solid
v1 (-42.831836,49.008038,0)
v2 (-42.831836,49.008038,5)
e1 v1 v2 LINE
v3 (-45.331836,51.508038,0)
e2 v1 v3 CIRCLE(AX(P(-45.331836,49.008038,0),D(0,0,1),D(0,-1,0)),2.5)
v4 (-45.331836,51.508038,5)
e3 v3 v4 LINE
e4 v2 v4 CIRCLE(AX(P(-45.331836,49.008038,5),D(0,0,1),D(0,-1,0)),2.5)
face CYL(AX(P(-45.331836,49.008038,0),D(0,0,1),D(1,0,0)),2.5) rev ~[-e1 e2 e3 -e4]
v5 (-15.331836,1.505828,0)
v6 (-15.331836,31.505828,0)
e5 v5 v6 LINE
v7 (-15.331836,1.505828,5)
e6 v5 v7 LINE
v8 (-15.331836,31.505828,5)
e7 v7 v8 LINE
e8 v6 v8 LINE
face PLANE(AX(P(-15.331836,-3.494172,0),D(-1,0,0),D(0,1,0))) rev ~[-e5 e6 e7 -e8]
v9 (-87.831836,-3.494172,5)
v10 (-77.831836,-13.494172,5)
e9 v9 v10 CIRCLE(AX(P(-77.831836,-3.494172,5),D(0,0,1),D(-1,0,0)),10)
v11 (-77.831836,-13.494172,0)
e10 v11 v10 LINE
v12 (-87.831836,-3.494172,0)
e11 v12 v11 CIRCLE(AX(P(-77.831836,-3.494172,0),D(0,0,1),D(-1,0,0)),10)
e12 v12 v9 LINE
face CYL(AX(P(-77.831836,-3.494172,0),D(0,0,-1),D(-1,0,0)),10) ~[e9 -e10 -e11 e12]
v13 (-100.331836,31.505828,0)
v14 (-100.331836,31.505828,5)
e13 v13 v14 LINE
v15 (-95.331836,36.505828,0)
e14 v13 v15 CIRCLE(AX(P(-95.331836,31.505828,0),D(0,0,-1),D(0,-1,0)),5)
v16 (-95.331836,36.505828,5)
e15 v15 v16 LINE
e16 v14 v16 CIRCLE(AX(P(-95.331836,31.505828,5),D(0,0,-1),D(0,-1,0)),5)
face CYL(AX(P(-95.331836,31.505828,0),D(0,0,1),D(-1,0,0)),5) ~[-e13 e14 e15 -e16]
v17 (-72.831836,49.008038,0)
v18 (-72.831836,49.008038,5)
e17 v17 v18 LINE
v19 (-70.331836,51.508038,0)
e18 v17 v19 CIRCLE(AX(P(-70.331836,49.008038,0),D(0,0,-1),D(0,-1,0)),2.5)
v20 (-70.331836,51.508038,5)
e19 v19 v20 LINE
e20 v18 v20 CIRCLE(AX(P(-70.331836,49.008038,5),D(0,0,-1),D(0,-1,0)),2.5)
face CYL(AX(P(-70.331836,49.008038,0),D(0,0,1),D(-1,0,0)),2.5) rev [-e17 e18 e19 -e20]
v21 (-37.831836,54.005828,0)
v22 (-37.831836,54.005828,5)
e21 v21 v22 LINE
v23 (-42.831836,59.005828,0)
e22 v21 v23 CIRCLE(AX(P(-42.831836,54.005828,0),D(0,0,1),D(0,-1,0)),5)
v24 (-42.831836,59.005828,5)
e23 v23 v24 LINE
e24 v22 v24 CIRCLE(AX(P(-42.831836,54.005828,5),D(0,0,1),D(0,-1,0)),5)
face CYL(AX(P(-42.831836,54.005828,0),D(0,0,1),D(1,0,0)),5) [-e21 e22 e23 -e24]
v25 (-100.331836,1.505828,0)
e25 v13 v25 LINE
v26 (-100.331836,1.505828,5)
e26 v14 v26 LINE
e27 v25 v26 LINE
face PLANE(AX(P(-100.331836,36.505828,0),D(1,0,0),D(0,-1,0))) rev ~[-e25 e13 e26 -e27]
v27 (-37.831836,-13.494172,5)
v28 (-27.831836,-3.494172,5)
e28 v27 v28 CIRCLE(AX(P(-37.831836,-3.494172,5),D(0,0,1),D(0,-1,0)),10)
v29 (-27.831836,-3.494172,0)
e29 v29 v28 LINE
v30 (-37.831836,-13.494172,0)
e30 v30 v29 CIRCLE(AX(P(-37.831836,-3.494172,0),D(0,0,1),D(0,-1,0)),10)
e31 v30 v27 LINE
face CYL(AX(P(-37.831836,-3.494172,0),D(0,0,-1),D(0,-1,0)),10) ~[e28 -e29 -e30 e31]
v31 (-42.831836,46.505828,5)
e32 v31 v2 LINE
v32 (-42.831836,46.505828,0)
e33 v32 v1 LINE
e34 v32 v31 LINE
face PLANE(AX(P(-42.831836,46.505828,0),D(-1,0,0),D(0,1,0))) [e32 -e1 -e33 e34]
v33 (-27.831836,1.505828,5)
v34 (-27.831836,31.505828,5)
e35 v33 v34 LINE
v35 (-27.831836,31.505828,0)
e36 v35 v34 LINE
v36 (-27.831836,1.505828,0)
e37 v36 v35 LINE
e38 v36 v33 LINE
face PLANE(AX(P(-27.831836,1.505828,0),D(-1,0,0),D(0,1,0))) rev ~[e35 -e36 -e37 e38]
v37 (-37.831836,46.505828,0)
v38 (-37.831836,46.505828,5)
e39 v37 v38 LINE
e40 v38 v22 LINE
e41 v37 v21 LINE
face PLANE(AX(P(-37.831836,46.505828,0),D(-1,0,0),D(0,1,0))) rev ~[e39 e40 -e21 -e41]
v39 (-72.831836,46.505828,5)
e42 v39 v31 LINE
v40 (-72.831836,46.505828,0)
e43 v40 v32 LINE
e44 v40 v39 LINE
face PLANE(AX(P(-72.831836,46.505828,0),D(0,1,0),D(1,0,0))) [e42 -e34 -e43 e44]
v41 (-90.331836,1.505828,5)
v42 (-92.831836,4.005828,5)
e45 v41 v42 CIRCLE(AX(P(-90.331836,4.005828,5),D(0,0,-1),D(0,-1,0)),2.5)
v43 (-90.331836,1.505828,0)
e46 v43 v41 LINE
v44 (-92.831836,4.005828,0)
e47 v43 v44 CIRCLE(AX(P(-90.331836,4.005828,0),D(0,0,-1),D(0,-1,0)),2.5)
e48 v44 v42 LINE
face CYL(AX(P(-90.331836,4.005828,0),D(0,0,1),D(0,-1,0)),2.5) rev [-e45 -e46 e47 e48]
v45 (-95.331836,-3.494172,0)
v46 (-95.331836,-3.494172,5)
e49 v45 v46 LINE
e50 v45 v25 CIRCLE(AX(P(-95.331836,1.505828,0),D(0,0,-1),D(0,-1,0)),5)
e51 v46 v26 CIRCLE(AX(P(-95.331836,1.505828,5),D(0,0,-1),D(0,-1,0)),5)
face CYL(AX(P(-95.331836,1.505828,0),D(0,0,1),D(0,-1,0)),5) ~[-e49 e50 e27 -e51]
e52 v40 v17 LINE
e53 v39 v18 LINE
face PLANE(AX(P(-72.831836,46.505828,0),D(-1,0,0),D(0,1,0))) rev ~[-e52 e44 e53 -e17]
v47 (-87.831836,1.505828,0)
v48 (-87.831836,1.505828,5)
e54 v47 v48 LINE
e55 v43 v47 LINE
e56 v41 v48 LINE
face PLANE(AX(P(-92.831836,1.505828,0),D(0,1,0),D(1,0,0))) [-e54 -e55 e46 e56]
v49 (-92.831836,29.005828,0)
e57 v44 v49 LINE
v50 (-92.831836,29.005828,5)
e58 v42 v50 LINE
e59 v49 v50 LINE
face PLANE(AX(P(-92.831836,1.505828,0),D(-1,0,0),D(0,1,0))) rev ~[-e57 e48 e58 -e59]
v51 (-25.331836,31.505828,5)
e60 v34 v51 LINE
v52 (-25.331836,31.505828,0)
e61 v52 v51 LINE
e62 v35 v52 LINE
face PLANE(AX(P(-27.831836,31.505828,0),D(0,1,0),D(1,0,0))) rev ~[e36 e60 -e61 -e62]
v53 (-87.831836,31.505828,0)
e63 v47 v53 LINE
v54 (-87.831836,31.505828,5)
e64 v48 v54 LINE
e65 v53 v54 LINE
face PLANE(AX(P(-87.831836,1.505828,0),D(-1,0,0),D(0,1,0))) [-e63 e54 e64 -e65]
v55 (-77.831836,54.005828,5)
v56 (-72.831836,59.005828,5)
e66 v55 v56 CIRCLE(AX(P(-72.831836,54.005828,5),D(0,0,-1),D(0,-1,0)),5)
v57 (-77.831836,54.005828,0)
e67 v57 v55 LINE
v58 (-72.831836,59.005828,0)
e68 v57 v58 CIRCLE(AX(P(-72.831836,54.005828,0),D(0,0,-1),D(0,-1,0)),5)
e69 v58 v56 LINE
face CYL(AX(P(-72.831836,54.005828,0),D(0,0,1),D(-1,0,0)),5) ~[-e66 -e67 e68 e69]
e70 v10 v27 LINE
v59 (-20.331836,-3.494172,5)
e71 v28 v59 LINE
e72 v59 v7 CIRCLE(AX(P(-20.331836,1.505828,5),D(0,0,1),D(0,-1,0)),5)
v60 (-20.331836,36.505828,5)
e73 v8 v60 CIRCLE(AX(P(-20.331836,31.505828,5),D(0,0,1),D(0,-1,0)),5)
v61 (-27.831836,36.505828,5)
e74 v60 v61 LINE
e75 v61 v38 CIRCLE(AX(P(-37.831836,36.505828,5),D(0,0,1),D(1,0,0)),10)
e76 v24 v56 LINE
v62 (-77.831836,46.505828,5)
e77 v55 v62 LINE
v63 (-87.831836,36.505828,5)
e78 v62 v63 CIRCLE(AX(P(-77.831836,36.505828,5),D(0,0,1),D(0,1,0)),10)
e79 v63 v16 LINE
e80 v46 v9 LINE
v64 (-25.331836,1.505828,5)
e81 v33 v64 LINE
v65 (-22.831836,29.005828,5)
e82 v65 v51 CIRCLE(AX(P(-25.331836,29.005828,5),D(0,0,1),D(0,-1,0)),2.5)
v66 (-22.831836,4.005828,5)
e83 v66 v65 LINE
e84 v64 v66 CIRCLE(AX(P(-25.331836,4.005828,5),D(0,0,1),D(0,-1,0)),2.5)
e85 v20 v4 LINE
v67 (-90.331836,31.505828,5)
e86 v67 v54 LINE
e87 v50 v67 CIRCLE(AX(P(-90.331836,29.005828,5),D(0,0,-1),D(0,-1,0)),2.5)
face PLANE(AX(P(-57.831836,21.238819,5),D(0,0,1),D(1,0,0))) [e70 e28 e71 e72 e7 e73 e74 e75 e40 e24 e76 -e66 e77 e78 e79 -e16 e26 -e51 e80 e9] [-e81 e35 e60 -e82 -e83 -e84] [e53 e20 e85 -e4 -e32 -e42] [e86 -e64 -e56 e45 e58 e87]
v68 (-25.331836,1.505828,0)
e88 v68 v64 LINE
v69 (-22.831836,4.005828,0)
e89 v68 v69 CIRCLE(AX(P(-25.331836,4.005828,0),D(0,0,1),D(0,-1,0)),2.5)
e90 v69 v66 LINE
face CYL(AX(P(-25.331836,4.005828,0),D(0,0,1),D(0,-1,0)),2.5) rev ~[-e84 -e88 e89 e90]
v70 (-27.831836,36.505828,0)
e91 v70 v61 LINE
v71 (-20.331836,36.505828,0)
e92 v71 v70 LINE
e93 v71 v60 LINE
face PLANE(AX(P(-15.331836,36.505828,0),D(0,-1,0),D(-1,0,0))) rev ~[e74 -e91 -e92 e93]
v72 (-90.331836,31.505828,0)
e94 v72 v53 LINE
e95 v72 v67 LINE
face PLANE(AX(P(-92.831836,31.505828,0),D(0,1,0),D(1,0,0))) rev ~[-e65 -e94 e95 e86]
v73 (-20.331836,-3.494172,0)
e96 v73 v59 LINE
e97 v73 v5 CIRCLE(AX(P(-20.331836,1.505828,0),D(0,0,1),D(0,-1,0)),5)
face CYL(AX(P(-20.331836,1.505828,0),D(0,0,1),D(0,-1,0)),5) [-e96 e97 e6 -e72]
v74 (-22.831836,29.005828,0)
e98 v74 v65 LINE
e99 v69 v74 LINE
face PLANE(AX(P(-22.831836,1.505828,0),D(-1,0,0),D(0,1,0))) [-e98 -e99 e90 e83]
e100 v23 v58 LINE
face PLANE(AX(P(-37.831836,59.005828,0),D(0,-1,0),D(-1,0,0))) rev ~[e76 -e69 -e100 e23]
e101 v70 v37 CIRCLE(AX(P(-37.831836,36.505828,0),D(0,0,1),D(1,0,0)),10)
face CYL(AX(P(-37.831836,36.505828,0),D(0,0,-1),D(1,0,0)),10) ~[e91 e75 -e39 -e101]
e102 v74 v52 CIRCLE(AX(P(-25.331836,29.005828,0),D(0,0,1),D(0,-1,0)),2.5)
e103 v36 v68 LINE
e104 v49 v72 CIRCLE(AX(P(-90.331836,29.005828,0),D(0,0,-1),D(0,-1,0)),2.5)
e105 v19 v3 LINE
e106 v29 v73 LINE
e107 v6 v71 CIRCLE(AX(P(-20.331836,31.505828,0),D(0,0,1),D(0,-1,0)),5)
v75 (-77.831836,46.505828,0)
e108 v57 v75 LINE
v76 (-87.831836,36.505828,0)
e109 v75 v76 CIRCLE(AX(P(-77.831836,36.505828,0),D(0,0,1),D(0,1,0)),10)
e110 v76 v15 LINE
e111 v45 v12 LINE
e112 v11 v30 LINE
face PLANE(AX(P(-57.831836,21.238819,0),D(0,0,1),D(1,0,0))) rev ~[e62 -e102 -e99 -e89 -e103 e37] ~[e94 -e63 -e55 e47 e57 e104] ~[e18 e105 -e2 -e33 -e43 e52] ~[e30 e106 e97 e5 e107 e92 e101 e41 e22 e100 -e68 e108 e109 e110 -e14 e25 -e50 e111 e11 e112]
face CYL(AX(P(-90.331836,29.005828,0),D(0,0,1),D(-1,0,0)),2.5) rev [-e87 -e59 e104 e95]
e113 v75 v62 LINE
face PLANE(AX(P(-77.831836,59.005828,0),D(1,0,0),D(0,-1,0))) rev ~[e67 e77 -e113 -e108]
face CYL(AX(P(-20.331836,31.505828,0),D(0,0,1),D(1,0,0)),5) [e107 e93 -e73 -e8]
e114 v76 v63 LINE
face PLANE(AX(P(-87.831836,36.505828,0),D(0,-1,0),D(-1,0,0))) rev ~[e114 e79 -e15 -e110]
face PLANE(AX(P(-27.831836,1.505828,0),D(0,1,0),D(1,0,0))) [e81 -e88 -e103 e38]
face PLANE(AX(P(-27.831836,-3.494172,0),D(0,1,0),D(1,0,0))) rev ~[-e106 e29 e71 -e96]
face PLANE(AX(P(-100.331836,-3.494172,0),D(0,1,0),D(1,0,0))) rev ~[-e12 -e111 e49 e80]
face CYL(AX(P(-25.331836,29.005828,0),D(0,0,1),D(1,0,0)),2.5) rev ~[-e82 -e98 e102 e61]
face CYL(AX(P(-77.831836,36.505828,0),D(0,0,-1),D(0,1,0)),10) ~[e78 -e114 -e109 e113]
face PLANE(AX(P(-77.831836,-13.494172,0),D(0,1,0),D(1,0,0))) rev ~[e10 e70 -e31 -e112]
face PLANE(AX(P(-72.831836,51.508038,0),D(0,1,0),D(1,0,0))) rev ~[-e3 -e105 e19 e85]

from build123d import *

# Parameters (mm, degrees)
SKETCH1_W           = 5
SKETCH1_H           = 30
SKETCH1_W_2         = 30
SKETCH1_H_2         = 5.002209569
BOSS_EXTRUDE2_DEPTH = 5
FILLET1_R           = 5
FILLET2_R           = 2.5


with BuildPart() as part:
    # Sketch1 → Boss-Extrude2 (new body)
    with BuildSketch(Plane.XY):
        with BuildLine():
            Line((-77.831835846, -13.494171848), (-37.831835846, -13.494171848))
            ThreePointArc((-37.831835846, -13.494171848), (-30.760768034, -10.56523966), (-27.831835846, -3.494171848))
            Line((-27.831835846, -3.494171848), (-15.331835846, -3.494171848))
            Line((-15.331835846, -3.494171848), (-15.331835846, 36.505828152))
            Line((-15.331835846, 36.505828152), (-27.831835846, 36.505828152))
            ThreePointArc((-27.831835846, 36.505828152), (-30.760768034, 43.576895964), (-37.831835846, 46.505828152))
            Line((-37.831835846, 46.505828152), (-37.831835846, 59.005828152))
            Line((-37.831835846, 59.005828152), (-77.831835846, 59.005828152))
            Line((-77.831835846, 59.005828152), (-77.831835846, 46.505828152))
            ThreePointArc((-77.831835846, 46.505828152), (-84.902903658, 43.576895964), (-87.831835846, 36.505828152))
            Line((-87.831835846, 36.505828152), (-100.331835846, 36.505828152))
            Line((-100.331835846, 36.505828152), (-100.331835846, -3.494171848))
            Line((-100.331835846, -3.494171848), (-87.831835846, -3.494171848))
            ThreePointArc((-87.831835846, -3.494171848), (-84.902903658, -10.56523966), (-77.831835846, -13.494171848))
        make_face()
        with Locations((-90.331835846, 16.505828152)):
            Rectangle(SKETCH1_W, SKETCH1_H, mode=Mode.SUBTRACT)
        with Locations((-57.831835846, 49.006932937)):
            Rectangle(SKETCH1_W_2, SKETCH1_H_2, mode=Mode.SUBTRACT)
        with Locations((-25.331835846, 16.505828152)):
            Rectangle(SKETCH1_W, SKETCH1_H, mode=Mode.SUBTRACT)
    extrude(amount=BOSS_EXTRUDE2_DEPTH)

    # Fillet1
    fillet1_edges = [part.edges().sort_by_distance(p)[0] for p in [
        (-15.331835846, 36.505828152, 2.5),
        (-15.331835846, -3.494171848, 2.5),
        (-100.331835846, -3.494171848, 2.5),
        (-100.331835846, 36.505828152, 2.5),
        (-77.831835846, 59.005828152, 2.5),
        (-37.831835846, 59.005828152, 2.5),
    ]]
    fillet(fillet1_edges, radius=FILLET1_R)

    # Fillet2
    fillet2_edges = [part.edges().sort_by_distance(p)[0] for p in [
        (-22.831835846, 31.505828152, 2.5),
        (-22.831835846, 1.505828152, 2.5),
        (-92.831835846, 31.505828152, 2.5),
        (-92.831835846, 1.505828152, 2.5),
        (-72.831835846, 51.508037721, 2.5),
        (-42.831835846, 51.508037721, 2.5),
    ]]
    fillet(fillet2_edges, radius=FILLET2_R)


solid = part.part
